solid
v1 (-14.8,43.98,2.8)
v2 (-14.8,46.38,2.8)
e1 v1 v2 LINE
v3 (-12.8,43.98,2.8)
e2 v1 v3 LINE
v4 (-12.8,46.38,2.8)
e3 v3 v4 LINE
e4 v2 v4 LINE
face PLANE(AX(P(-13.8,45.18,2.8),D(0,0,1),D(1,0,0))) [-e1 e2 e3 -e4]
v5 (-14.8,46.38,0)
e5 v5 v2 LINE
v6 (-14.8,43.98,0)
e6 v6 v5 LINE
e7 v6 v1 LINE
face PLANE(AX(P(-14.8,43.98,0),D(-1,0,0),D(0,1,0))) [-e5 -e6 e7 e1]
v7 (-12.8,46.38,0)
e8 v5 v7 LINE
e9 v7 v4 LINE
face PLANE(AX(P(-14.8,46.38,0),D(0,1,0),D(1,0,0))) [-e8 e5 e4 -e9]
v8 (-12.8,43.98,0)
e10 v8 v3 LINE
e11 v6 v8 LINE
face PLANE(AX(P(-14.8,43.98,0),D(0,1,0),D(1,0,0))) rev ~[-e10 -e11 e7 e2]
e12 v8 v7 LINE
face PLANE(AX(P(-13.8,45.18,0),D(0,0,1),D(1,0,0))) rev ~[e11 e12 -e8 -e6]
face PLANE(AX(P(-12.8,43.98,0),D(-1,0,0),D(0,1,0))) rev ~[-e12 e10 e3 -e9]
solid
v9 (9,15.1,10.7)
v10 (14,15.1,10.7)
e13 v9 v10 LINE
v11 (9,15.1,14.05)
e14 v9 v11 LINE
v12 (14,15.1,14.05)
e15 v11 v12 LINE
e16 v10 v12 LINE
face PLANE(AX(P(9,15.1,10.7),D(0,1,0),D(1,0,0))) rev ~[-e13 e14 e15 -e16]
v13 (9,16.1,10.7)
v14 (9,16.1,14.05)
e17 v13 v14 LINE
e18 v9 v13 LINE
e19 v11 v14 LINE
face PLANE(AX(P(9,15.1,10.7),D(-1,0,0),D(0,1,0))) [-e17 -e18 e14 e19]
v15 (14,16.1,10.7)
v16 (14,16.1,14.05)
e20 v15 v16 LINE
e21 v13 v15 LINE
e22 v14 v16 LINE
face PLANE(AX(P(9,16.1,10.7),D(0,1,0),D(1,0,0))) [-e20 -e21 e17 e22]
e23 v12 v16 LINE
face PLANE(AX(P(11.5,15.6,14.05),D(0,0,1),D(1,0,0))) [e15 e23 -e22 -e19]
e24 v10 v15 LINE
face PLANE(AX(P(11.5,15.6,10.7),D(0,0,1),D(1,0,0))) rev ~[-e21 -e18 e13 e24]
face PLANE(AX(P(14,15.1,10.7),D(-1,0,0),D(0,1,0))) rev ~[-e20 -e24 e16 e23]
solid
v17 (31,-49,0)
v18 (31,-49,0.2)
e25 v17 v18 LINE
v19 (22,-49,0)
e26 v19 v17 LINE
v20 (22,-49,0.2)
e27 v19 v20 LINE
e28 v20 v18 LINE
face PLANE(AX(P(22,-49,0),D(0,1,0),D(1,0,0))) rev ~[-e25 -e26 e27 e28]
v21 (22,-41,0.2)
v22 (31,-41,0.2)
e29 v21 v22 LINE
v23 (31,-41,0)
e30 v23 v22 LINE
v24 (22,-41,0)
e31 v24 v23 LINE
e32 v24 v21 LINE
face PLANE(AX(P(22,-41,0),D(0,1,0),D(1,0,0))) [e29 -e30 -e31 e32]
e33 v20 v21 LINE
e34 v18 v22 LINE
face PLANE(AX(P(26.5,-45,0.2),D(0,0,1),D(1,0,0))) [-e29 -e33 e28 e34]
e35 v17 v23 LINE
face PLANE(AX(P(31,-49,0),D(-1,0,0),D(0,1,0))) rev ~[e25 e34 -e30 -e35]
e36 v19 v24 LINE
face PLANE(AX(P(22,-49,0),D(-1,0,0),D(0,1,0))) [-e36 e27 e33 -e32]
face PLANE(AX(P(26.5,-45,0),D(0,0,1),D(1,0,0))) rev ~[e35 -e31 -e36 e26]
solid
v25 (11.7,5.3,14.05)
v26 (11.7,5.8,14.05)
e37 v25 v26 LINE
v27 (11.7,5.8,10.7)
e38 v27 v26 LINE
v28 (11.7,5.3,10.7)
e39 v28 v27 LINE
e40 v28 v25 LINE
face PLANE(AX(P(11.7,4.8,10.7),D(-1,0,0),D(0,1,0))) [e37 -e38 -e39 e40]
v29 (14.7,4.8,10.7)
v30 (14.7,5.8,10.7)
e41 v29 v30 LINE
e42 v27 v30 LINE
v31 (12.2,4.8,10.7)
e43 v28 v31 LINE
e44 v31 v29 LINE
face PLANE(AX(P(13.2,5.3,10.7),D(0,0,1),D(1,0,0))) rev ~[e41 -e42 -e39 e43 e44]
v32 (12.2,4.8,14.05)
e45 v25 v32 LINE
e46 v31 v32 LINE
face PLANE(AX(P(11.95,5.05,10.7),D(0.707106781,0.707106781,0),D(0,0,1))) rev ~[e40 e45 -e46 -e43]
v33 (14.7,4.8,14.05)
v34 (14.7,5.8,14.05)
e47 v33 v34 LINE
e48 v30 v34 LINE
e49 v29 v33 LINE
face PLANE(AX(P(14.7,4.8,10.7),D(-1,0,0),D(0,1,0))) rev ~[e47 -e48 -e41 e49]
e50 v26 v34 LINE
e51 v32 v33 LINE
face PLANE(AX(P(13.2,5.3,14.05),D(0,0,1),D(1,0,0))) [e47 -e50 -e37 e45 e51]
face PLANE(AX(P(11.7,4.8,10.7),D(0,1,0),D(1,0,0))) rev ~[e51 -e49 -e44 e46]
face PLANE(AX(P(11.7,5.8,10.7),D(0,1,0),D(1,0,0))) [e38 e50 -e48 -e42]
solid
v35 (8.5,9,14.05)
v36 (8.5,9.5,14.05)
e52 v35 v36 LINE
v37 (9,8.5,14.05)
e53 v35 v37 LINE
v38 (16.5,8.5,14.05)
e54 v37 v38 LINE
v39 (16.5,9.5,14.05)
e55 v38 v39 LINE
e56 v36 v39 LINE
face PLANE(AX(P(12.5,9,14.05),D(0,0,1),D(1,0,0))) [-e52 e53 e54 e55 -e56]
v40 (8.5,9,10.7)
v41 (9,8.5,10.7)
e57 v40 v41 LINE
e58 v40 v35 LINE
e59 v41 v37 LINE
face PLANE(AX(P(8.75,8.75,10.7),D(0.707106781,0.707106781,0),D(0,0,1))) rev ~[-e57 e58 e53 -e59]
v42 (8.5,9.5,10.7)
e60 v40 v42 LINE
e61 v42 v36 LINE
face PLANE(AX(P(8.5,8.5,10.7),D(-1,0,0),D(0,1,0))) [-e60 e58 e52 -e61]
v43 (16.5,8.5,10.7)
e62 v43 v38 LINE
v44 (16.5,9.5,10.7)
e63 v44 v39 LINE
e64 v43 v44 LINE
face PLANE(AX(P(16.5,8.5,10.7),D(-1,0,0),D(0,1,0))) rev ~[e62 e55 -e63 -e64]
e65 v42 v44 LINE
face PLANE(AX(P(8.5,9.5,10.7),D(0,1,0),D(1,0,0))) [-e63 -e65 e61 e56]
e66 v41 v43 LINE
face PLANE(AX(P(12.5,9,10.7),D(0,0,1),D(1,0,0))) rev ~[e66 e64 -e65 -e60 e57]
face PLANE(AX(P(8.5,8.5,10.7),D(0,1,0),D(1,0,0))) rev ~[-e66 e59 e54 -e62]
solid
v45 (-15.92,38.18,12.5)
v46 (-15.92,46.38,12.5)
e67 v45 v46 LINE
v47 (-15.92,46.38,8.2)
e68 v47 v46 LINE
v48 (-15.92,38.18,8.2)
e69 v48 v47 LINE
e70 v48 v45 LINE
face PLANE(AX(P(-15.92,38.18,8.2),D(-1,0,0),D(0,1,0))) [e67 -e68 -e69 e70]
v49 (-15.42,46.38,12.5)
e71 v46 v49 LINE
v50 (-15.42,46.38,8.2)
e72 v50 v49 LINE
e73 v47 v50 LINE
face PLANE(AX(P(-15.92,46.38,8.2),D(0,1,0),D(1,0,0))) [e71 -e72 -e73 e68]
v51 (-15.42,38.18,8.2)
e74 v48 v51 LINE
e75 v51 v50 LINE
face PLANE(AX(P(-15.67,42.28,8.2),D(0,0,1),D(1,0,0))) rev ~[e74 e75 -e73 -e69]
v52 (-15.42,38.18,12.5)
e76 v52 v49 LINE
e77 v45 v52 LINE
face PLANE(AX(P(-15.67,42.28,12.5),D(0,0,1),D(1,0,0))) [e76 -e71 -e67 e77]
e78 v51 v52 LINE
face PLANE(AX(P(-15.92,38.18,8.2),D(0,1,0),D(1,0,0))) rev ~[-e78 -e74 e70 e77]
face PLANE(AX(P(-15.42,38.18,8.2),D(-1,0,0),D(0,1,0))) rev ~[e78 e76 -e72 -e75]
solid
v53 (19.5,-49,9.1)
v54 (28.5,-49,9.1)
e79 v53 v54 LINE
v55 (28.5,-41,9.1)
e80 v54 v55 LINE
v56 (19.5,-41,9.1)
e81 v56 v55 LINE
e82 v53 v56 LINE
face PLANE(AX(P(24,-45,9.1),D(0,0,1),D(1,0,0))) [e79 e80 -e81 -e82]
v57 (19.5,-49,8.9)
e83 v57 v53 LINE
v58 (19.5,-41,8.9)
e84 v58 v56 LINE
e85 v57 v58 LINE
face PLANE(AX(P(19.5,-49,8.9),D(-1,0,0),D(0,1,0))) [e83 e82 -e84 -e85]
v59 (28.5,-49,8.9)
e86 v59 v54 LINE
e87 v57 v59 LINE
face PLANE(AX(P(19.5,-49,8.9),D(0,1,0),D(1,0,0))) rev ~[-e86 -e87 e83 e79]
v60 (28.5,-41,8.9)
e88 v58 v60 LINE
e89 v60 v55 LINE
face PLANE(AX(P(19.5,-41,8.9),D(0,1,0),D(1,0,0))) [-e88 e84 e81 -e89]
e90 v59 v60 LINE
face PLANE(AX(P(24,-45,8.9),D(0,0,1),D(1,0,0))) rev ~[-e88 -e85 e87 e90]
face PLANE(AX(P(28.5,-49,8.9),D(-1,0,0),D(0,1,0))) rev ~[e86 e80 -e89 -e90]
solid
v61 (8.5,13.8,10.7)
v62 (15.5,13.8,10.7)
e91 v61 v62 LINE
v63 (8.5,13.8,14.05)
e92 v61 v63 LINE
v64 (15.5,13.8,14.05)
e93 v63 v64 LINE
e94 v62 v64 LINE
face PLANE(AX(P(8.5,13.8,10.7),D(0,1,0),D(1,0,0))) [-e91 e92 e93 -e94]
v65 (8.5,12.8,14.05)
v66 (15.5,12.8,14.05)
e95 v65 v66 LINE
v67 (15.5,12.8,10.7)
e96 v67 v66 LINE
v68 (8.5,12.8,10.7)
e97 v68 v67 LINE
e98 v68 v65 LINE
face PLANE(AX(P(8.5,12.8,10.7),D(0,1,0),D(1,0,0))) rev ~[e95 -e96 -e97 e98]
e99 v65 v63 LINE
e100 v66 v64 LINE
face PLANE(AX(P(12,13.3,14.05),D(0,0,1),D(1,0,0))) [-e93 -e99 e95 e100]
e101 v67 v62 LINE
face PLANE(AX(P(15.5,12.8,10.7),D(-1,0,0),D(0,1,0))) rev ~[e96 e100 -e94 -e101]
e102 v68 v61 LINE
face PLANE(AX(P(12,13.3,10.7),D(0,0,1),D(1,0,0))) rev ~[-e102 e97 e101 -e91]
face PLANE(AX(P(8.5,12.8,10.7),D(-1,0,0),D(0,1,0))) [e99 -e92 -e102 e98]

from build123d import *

# Parameters (mm, degrees)
BOX031_W           = 3
BOX031_H           = 1
BOX031_DEPTH       = 3.35
CHAMFER002006_SIZE = 0.5
BOX028_W           = 8
BOX028_H           = 1
BOX028_DEPTH       = 3.35
CHAMFER002005_SIZE = 0.5
BOX029_W           = 7
BOX029_H           = 1
BOX029_DEPTH       = 3.35
BOX030_W           = 5
BOX030_H           = 1
BOX030_DEPTH       = 3.35
BOX034_W           = 9
BOX034_H           = 8
BOX034_DEPTH       = 0.2
BOX037_W           = 0.5
BOX037_H           = 8.2
BOX037_DEPTH       = 4.3
BOX036_W           = 2
BOX036_H           = 2.4
BOX036_DEPTH       = 2.8
BOX035_W           = 9
BOX035_H           = 8
BOX035_DEPTH       = 0.2


with BuildPart() as hingle_support_p1:
    # Box031 → Box031 (new body)
    with BuildSketch(Plane(origin=(11.7, 4.8, 10.7), x_dir=(1, 0, 0), z_dir=(0, 0, 1))):
        with Locations((1.5, 0.5)):
            Rectangle(BOX031_W, BOX031_H)
    extrude(amount=BOX031_DEPTH)

    # Chamfer002006
    chamfer002006_edges = [hingle_support_p1.edges().sort_by_distance(p)[0] for p in [
        (11.7, 4.8, 12.375),
    ]]
    chamfer(chamfer002006_edges, length=CHAMFER002006_SIZE)


with BuildPart() as hingle_support_p2:
    # Box028 → Box028 (new body)
    with BuildSketch(Plane(origin=(8.5, 8.5, 10.7), x_dir=(1, 0, 0), z_dir=(0, 0, 1))):
        with Locations((4, 0.5)):
            Rectangle(BOX028_W, BOX028_H)
    extrude(amount=BOX028_DEPTH)

    # Chamfer002005
    chamfer002005_edges = [hingle_support_p2.edges().sort_by_distance(p)[0] for p in [
        (8.5, 8.5, 12.375),
    ]]
    chamfer(chamfer002005_edges, length=CHAMFER002005_SIZE)


with BuildPart() as hingle_support_p3:
    # Box029 → Box029 (new body)
    with BuildSketch(Plane(origin=(8.5, 12.8, 10.7), x_dir=(1, 0, 0), z_dir=(0, 0, 1))):
        with Locations((3.5, 0.5)):
            Rectangle(BOX029_W, BOX029_H)
    extrude(amount=BOX029_DEPTH)


with BuildPart() as hingle_support_p4:
    # Box030 → Box030 (new body)
    with BuildSketch(Plane(origin=(9, 15.1, 10.7), x_dir=(1, 0, 0), z_dir=(0, 0, 1))):
        with Locations((2.5, 0.5)):
            Rectangle(BOX030_W, BOX030_H)
    extrude(amount=BOX030_DEPTH)


with BuildPart() as probe_support002:
    # Box034 → Box034 (new body)
    with BuildSketch(Plane(origin=(22, -49, 0), x_dir=(1, 0, 0), z_dir=(0, 0, 1))):
        with Locations((4.5, 4)):
            Rectangle(BOX034_W, BOX034_H)
    extrude(amount=BOX034_DEPTH)


with BuildPart() as box037:
    # Box037 → Box037 (new body)
    with BuildSketch(Plane(origin=(-15.92, 38.18, 8.2), x_dir=(1, 0, 0), z_dir=(0, 0, 1))):
        with Locations((0.25, 4.1)):
            Rectangle(BOX037_W, BOX037_H)
    extrude(amount=BOX037_DEPTH)


with BuildPart() as box036:
    # Box036 → Box036 (new body)
    with BuildSketch(Plane(origin=(-14.8, 43.98, 0), x_dir=(1, 0, 0), z_dir=(0, 0, 1))):
        with Locations((1, 1.2)):
            Rectangle(BOX036_W, BOX036_H)
    extrude(amount=BOX036_DEPTH)


with BuildPart() as full_custom_support:
    # Box035 → Box035 (new body)
    with BuildSketch(Plane(origin=(19.5, -49, 8.9), x_dir=(1, 0, 0), z_dir=(0, 0, 1))):
        with Locations((4.5, 4)):
            Rectangle(BOX035_W, BOX035_H)
    extrude(amount=BOX035_DEPTH)

    # Fusion002010004002002006003002002: union hingle-support-p1, hingle-support-p2, hingle-support-p3, hingle-support-p4, probe-support002, Box037, Box036
    add(hingle_support_p1.part)
    add(hingle_support_p2.part)
    add(hingle_support_p3.part)
    add(hingle_support_p4.part)
    add(probe_support002.part)
    add(box037.part)
    add(box036.part)


solid = full_custom_support.part
